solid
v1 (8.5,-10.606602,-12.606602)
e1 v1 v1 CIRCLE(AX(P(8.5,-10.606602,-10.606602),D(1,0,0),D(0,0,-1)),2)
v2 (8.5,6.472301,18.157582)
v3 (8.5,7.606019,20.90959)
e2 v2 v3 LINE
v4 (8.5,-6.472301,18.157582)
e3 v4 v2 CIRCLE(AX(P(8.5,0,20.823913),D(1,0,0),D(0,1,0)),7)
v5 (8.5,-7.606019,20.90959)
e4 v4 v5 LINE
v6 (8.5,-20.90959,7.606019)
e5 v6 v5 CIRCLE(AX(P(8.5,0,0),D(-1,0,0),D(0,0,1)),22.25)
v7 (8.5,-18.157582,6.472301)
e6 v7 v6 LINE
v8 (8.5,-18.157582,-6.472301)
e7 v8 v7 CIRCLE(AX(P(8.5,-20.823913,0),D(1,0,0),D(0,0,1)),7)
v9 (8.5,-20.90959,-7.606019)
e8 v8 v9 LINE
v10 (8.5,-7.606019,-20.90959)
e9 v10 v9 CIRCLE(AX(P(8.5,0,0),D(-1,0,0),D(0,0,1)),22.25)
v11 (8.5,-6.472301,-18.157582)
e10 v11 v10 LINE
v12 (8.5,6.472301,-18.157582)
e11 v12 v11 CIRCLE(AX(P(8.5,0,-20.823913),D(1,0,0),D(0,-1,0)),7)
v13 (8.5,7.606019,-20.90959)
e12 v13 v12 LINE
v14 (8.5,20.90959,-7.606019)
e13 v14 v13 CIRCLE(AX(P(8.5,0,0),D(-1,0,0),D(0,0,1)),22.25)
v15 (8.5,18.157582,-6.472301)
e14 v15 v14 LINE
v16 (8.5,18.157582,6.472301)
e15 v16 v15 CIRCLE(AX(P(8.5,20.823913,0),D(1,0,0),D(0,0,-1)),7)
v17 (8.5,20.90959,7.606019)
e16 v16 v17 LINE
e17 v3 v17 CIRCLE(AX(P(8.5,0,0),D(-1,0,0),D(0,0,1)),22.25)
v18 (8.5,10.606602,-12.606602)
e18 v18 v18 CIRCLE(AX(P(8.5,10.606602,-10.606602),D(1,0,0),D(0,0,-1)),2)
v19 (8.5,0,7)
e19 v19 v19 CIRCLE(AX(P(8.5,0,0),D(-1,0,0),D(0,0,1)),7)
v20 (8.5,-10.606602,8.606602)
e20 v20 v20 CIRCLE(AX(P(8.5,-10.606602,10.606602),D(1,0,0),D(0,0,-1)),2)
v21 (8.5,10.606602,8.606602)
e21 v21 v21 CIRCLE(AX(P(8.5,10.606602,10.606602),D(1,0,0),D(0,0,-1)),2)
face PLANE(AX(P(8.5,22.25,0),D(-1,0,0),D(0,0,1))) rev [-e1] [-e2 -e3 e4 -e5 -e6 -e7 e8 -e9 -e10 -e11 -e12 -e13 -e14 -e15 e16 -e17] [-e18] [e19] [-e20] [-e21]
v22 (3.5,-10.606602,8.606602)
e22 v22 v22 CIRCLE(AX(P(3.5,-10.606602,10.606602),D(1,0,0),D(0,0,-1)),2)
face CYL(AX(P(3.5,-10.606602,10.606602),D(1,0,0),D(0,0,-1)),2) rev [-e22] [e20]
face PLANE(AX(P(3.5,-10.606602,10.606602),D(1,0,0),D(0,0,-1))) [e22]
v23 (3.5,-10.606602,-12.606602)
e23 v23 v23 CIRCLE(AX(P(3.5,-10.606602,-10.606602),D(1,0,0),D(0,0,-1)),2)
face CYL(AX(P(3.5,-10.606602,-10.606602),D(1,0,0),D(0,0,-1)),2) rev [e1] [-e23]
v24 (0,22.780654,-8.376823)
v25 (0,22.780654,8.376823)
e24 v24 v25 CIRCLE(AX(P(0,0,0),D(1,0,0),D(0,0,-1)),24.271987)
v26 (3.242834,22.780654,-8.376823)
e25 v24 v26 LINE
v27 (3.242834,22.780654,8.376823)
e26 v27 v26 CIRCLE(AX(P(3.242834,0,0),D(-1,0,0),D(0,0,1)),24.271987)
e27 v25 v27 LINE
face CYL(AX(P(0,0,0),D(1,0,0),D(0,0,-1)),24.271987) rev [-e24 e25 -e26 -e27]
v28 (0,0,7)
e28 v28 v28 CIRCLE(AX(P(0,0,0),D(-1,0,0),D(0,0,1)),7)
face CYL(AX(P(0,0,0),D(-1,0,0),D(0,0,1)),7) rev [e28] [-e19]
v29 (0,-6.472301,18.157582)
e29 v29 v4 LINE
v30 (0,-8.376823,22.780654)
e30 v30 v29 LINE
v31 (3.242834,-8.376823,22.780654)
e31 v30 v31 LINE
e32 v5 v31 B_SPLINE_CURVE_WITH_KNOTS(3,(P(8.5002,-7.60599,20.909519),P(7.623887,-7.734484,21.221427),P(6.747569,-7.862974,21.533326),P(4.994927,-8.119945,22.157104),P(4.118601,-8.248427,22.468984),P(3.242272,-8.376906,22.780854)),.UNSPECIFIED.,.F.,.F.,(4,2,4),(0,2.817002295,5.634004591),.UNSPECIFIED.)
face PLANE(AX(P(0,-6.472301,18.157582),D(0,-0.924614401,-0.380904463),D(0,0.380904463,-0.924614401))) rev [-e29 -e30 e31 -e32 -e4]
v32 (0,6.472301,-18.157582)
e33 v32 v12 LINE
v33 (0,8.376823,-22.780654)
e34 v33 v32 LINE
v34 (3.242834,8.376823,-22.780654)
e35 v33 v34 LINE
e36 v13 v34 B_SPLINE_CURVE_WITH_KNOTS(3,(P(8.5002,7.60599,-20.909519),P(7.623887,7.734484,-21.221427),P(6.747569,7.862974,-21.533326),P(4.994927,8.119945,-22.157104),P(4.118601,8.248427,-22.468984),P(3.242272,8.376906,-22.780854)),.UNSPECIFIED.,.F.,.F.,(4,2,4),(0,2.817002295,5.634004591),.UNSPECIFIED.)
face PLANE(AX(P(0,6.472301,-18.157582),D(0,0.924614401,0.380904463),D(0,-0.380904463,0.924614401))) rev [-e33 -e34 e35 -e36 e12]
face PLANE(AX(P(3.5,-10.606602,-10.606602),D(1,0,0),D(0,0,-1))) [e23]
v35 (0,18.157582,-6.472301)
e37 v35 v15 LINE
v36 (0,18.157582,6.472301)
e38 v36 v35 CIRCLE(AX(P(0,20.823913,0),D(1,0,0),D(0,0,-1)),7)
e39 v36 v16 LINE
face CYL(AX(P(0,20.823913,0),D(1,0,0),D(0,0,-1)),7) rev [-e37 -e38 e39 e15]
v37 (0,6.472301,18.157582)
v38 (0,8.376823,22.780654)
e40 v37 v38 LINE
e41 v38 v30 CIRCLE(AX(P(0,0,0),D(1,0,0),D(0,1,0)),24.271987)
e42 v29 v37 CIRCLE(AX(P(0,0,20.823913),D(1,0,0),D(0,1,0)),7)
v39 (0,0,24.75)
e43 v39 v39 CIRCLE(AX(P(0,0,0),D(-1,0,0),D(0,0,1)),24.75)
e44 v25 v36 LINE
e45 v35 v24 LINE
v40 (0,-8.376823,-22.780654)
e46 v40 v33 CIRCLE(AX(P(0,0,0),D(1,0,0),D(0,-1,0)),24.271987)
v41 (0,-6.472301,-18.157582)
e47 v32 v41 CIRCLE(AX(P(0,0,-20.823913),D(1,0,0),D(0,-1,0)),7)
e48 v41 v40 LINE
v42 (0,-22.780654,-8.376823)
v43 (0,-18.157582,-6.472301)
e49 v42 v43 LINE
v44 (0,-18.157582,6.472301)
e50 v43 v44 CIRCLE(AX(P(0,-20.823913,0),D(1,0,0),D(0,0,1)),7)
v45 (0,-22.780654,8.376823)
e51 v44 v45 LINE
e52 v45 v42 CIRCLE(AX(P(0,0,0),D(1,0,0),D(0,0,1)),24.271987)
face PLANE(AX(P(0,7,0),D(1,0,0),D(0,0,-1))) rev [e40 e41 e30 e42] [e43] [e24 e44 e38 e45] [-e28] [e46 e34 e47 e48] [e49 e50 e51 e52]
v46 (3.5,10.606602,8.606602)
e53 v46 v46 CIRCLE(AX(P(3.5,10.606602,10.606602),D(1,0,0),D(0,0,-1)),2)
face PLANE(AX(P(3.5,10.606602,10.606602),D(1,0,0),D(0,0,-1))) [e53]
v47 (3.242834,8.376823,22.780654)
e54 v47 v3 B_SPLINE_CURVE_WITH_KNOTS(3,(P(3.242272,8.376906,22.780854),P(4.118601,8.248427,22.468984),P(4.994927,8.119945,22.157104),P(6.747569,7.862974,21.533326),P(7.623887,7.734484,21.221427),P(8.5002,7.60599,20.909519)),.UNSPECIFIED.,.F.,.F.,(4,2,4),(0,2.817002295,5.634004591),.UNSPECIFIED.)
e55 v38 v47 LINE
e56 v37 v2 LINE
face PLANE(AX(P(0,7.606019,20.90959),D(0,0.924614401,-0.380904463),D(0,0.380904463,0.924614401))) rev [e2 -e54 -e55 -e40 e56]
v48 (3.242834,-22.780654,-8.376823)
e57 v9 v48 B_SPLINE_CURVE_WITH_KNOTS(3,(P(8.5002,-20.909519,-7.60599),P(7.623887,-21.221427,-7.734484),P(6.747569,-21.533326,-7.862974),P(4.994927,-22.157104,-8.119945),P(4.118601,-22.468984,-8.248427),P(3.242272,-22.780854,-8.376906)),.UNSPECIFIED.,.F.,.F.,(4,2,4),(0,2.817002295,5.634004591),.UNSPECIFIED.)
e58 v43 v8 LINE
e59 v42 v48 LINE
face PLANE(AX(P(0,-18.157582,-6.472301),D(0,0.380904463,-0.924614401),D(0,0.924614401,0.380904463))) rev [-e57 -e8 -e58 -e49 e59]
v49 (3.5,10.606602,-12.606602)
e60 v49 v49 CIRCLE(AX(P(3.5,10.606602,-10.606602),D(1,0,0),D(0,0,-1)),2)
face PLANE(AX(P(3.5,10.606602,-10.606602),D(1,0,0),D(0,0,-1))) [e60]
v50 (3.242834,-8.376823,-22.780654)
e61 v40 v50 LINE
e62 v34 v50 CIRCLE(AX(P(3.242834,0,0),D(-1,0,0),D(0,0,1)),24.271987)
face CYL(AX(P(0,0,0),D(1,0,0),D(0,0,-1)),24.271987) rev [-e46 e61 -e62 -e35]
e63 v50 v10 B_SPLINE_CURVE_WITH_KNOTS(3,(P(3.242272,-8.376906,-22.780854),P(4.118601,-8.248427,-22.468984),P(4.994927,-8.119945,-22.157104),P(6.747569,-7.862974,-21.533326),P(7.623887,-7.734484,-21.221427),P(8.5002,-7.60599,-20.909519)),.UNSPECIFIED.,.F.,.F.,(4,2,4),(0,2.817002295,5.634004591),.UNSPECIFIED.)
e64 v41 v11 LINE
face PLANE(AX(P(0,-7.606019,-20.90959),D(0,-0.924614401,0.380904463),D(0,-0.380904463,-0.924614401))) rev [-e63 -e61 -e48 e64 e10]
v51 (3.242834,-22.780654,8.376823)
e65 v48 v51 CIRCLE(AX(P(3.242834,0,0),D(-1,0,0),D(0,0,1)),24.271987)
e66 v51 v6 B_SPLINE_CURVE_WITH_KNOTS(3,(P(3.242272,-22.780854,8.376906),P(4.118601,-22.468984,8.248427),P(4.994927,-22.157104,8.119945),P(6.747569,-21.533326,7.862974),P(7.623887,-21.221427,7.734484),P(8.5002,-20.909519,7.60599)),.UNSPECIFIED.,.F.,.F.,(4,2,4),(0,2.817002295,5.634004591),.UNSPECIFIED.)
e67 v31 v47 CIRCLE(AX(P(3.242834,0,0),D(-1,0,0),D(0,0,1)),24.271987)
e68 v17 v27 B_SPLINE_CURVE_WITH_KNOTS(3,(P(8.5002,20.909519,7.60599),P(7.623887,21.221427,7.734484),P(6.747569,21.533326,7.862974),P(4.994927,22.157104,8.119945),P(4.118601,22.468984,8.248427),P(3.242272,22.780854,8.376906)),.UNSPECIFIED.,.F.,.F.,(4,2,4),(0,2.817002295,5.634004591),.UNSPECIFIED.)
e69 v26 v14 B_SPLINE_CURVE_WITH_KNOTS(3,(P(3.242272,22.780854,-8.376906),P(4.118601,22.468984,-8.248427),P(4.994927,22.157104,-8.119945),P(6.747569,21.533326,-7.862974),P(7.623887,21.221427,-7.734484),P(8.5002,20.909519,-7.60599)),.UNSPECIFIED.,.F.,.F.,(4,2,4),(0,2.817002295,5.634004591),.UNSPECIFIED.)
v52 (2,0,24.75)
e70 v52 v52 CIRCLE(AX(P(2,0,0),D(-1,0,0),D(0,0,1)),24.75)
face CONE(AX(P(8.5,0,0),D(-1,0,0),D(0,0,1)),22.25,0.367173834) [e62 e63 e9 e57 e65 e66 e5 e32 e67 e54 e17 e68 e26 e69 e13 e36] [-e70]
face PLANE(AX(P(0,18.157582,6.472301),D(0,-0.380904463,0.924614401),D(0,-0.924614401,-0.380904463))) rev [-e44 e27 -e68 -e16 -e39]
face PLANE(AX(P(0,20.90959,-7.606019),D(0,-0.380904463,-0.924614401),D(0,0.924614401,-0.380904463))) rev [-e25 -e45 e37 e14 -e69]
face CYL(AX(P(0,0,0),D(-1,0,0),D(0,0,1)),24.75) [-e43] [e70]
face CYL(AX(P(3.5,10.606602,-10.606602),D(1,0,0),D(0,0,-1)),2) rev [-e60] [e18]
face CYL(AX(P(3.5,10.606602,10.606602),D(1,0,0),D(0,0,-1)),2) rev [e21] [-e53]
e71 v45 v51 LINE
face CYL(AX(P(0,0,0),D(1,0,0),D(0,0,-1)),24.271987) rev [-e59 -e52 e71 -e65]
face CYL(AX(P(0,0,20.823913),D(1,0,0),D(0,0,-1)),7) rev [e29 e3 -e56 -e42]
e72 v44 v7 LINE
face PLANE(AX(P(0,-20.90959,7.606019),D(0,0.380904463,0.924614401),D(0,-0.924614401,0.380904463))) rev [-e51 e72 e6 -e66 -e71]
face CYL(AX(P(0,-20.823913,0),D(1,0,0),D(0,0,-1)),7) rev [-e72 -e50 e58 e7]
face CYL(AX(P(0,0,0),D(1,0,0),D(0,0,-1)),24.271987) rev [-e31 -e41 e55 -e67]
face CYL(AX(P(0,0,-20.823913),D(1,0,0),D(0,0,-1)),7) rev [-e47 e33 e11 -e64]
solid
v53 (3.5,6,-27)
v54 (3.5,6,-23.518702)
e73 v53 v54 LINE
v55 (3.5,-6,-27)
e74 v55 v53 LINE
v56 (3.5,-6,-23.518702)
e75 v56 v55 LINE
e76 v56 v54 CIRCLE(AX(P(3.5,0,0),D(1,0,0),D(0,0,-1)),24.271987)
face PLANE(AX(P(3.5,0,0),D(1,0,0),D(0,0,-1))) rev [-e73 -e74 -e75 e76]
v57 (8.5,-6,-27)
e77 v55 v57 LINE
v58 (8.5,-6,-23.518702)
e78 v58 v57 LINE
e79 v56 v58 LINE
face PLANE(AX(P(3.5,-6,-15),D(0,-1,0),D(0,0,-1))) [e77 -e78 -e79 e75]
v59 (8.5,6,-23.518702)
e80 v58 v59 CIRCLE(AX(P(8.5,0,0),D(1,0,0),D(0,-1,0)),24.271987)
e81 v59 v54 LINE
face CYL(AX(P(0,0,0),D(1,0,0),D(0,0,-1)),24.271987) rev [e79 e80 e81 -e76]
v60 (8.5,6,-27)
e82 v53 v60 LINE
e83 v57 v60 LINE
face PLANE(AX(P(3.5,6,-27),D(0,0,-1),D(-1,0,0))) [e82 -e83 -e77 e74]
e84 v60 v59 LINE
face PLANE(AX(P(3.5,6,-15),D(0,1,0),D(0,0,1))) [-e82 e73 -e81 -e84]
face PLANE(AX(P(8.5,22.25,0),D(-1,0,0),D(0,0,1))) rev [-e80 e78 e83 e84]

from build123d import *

# Parameters (mm, degrees)
SKETCH3_R           = 2
CUT_EXTRUDE1_DEPTH  = 5
SKETCH4_W           = 12
SKETCH4_H           = 12
BOSS_EXTRUDE1_DEPTH = 5
CUT_EXTRUDE2_DEPTH  = 38.600698132
CIRPATTERN1_COUNT   = 4


with BuildPart() as part:
    # Sketch2 → Revolve1 (revolve)
    with BuildSketch(Plane.XY, mode=Mode.PRIVATE) as revolve1_sk:
        Polygon((0, 24.75), (2, 24.75), (8.5, 22.25), (8.5, 7), (0, 7), align=None)
    revolve(revolve1_sk.sketch.rotate(Axis((0, 0, 0), (1, 0, 0)), 90), axis=Axis((0, 0, 0), (1, 0, 0)))

    # Sketch3 → Cut-Extrude1 (cut)
    with BuildSketch(Plane(origin=(8.5, 0, 0), x_dir=(0, 0, -1), z_dir=(1, 0, 0))):
        with Locations((10.606601718, 10.606601718)):
            Circle(SKETCH3_R)
        with Locations((10.606601718, -10.606601718)):
            Circle(SKETCH3_R)
        with Locations((-10.606601718, -10.606601718)):
            Circle(SKETCH3_R)
        with Locations((-10.606601718, 10.606601718)):
            Circle(SKETCH3_R)
    extrude(amount=-CUT_EXTRUDE1_DEPTH, mode=Mode.SUBTRACT)

    # Sketch4 → Boss-Extrude1 (add)
    with BuildSketch(Plane(origin=(8.5, 0, 0), x_dir=(0, 0, -1), z_dir=(1, 0, 0))):
        with Locations((21, 0)):
            Rectangle(SKETCH4_W, SKETCH4_H)
    extrude(amount=-BOSS_EXTRUDE1_DEPTH)

    # Sketch6 → Cut-Extrude2 (cut, through all)
    with BuildSketch(Plane(origin=(8.5, 0, 0), x_dir=(0, 0, -1), z_dir=(1, 0, 0))):
        with BuildLine():
            Line((-6.472300805, 18.157581623), (-7.606019278, 20.909590401))
            Line((-7.606019278, 20.909590401), (-8.376823121, 22.780653627))
            ThreePointArc((-8.376823121, 22.780653627), (0, 24.271986842), (8.376823121, 22.780653627))
            Line((8.376823121, 22.780653627), (7.606019278, 20.909590401))
            Line((7.606019278, 20.909590401), (6.472300805, 18.157581623))
            ThreePointArc((6.472300805, 18.157581623), (0, 13.823912866), (-6.472300805, 18.157581623))
        make_face()
    cut_extrude2 = extrude(amount=-CUT_EXTRUDE2_DEPTH, mode=Mode.SUBTRACT)

    # CirPattern1: Cut-Extrude2 ×4 about axis
    cirpattern1_axis = Axis((0, 0, 0), (1, 0, 0))
    for i in range(1, CIRPATTERN1_COUNT):
        add(cut_extrude2.rotate(cirpattern1_axis, i * 360 / CIRPATTERN1_COUNT), mode=Mode.SUBTRACT)


solid = part.part
